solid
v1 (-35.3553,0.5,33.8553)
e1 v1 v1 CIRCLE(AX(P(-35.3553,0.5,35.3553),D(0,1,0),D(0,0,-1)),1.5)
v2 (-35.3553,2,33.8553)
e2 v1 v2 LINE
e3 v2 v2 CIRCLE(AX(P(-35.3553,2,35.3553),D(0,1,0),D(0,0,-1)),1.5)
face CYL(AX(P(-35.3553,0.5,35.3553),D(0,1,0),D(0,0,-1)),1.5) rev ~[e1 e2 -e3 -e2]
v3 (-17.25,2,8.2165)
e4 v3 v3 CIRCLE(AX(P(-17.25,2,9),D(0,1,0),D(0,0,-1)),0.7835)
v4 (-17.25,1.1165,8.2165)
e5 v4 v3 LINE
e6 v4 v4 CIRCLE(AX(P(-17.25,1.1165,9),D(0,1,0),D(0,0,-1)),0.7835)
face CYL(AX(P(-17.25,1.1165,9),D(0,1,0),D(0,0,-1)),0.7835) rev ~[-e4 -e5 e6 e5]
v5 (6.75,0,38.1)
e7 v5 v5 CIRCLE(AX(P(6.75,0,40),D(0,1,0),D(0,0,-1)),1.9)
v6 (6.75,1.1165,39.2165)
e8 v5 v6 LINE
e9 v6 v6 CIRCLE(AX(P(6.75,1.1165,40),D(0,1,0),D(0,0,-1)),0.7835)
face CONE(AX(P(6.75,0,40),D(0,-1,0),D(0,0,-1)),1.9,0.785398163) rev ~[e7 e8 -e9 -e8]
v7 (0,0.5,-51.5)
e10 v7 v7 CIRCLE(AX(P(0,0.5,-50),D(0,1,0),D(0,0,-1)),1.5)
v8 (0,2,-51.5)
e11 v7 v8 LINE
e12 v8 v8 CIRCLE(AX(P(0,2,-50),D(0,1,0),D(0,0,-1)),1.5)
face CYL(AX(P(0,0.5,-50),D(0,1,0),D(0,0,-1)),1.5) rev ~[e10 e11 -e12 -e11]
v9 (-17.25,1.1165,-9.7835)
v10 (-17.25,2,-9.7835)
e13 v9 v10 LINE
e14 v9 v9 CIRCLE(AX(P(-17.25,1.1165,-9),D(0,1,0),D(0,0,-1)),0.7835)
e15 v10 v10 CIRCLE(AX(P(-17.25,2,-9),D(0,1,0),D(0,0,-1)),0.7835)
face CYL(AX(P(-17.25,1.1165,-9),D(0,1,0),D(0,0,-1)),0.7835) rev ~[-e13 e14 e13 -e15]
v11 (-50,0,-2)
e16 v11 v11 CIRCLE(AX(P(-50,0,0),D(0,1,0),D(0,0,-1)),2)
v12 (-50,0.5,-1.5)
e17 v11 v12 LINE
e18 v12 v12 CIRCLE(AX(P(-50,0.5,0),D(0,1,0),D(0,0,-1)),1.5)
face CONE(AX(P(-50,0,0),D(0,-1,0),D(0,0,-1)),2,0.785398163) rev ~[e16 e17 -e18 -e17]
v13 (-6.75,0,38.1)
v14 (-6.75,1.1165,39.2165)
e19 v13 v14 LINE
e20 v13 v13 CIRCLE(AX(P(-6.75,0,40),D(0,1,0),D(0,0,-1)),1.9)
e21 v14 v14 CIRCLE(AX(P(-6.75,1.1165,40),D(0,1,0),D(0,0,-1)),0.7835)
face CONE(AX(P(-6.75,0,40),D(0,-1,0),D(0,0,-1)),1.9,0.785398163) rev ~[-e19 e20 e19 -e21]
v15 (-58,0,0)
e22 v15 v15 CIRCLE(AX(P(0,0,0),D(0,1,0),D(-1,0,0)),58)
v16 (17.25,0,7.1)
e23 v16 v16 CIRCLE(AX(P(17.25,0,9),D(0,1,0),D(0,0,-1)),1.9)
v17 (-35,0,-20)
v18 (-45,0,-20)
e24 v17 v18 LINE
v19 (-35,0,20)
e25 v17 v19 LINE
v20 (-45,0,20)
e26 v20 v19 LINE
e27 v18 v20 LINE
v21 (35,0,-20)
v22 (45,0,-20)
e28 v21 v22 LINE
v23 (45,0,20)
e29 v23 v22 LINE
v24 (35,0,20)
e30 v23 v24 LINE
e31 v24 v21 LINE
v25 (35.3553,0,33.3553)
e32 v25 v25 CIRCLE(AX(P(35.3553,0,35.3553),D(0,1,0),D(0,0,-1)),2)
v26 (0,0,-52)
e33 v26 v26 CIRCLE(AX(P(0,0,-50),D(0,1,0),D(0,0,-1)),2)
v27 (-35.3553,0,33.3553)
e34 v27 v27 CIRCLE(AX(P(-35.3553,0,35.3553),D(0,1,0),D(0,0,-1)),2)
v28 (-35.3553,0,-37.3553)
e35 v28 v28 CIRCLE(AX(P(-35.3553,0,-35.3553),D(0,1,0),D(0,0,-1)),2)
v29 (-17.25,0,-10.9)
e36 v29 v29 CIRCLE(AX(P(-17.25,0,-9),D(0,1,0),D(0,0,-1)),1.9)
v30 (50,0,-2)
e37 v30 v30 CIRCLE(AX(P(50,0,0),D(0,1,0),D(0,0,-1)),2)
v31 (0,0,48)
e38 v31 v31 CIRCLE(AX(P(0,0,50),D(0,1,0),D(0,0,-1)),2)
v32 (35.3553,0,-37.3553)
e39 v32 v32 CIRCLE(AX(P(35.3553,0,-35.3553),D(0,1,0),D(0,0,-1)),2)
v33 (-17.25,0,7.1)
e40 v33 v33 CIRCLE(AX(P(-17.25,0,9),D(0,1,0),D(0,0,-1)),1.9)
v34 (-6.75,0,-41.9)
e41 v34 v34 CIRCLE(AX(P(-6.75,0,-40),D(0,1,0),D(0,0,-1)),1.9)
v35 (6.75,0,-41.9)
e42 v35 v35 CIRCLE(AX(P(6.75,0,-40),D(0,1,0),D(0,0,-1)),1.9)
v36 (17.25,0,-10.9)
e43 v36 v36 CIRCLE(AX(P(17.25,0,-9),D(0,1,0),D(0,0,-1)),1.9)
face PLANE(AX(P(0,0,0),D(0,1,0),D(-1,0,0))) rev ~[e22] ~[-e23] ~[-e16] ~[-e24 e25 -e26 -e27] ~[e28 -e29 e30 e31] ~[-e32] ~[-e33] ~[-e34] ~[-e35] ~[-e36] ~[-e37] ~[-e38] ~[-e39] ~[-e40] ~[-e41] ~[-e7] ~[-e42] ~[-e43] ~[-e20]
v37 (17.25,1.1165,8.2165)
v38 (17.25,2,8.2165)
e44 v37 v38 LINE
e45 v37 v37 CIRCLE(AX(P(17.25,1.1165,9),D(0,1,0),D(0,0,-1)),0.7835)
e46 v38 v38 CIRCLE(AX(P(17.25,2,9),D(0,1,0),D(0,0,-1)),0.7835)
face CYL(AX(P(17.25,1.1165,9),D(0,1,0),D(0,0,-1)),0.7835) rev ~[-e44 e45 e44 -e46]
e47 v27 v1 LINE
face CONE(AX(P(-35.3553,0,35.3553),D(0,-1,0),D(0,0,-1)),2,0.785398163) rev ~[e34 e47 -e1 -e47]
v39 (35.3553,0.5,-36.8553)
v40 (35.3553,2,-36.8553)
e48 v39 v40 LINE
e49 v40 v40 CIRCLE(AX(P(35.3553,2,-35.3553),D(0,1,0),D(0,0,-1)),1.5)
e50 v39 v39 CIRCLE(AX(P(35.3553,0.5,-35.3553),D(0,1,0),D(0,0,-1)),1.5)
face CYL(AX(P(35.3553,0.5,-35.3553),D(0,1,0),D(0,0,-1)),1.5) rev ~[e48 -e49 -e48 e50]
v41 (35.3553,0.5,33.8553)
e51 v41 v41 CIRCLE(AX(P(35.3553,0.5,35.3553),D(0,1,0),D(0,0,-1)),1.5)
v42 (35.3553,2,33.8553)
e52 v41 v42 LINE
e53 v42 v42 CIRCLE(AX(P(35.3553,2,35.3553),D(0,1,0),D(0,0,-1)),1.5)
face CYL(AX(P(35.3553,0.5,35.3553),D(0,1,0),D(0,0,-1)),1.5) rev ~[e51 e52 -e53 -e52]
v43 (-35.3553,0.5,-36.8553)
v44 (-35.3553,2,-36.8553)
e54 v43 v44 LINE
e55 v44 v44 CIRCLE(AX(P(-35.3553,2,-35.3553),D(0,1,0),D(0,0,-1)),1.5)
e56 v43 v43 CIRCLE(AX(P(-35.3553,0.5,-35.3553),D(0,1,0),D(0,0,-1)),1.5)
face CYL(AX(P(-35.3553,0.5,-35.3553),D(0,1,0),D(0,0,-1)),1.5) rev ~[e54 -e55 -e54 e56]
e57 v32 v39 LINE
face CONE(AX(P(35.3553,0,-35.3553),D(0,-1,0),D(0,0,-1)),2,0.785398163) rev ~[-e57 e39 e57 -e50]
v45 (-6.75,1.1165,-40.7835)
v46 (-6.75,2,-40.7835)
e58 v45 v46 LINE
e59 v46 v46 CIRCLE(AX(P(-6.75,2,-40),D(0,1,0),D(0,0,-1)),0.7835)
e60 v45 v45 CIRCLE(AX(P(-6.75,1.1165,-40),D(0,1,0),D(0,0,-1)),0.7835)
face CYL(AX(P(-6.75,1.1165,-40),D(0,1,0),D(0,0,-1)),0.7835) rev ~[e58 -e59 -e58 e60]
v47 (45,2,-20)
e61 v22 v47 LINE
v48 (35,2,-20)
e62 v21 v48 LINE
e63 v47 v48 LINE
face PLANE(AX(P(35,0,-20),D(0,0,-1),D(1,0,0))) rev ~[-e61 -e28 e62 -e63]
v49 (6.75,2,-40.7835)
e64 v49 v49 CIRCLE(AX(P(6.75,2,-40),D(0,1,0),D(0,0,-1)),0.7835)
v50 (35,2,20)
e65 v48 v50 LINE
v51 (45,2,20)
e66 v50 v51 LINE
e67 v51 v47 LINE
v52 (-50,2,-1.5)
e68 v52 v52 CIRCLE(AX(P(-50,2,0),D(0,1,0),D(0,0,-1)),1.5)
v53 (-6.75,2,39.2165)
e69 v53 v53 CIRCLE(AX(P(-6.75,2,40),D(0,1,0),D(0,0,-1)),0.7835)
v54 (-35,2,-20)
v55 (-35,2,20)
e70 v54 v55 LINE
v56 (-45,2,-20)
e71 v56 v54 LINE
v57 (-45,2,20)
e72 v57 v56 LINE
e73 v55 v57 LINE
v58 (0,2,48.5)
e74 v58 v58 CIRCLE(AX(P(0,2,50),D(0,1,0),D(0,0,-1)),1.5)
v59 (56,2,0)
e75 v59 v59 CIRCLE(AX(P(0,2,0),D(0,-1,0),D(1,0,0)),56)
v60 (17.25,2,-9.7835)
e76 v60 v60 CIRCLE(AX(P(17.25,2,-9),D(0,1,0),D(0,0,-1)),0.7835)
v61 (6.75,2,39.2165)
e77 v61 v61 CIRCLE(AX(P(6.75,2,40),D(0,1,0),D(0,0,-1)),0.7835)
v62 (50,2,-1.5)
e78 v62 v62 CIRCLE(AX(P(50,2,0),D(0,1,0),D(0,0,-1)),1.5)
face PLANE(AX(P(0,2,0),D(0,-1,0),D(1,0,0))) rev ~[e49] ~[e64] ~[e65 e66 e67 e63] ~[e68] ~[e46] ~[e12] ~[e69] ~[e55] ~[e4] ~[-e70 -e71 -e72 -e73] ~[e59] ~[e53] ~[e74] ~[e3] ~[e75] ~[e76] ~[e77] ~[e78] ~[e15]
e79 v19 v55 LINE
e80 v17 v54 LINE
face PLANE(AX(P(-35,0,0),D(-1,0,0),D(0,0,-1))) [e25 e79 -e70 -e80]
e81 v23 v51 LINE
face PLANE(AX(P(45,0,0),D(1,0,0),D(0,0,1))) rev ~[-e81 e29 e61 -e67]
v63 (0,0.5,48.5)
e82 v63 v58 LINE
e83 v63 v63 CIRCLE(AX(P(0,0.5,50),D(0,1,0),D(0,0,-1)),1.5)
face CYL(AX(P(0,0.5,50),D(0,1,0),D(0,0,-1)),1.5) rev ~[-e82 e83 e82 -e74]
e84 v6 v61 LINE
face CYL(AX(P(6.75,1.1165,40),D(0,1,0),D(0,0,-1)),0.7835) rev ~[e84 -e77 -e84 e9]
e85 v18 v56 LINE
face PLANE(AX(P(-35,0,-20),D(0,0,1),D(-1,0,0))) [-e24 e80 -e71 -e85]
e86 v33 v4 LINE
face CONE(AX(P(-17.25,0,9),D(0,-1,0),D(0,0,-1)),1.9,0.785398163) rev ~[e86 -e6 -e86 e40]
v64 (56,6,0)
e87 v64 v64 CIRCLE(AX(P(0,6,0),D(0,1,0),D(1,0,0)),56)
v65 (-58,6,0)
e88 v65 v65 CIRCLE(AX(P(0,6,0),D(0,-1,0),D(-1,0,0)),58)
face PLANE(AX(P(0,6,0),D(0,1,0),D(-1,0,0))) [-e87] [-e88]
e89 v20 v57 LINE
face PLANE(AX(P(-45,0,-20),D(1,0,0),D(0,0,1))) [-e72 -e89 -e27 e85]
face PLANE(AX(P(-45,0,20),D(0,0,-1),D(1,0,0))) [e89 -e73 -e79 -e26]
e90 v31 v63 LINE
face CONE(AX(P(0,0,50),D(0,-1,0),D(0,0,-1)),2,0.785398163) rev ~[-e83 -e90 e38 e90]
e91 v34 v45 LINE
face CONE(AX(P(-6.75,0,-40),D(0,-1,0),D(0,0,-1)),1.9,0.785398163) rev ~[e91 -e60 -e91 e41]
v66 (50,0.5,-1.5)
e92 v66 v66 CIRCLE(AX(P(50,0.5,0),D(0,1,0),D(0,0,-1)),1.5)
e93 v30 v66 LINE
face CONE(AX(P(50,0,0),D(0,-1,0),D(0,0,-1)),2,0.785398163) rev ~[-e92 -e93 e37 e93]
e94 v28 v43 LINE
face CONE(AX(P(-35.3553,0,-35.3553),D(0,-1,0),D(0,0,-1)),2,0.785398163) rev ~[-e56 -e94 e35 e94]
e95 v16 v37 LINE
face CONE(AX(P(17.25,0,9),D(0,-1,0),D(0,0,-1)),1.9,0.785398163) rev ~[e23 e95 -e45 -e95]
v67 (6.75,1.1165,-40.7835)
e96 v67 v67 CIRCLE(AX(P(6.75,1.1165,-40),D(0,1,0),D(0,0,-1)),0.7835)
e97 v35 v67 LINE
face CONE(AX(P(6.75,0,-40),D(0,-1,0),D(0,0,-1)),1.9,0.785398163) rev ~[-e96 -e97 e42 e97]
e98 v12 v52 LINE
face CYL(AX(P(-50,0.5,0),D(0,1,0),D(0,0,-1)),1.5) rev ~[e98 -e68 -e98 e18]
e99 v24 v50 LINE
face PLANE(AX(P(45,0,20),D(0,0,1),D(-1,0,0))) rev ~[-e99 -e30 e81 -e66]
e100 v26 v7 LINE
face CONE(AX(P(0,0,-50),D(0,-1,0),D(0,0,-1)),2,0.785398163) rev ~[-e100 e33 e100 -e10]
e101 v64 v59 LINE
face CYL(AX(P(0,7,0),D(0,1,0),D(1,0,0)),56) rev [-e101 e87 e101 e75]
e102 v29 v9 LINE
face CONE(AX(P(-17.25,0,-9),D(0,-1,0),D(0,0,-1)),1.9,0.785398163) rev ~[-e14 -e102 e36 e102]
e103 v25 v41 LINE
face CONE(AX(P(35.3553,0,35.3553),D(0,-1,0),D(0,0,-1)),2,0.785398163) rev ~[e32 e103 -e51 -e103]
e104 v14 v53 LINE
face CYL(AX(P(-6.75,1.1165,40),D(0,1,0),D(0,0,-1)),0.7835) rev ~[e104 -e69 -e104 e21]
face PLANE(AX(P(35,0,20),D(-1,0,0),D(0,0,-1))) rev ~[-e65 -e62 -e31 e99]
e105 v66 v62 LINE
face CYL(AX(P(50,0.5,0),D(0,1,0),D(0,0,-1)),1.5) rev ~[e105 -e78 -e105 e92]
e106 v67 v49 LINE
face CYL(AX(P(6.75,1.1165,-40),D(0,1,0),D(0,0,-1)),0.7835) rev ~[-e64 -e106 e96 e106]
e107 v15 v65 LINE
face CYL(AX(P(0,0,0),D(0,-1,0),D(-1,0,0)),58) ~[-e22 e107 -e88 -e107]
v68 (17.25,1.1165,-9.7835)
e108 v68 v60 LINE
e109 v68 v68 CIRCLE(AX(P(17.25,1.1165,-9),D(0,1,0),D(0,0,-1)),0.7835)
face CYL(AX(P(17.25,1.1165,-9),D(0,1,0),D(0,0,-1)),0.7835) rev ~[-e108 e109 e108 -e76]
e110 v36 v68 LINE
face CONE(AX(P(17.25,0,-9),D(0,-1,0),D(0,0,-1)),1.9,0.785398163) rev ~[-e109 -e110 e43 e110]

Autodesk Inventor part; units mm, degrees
ref_plane "YZ Plane" through (0, 0, 0) normal (1, 0, 0) x (0, 1, 0)
sketch "Эскиз1" plane through (0, 0, 0) normal (0, 1, 0) x (-1, 0, 0)
  circle A0 centre (0, 0) radius 58
  line L0 (79.4555, 0) -> (-79.4555, 0)
  line L1 (0, -103.8803) -> (0, 88.3129)
  circle A1 centre (0, 0) radius 56
  line L2 (0, -103.8803) -> (0, 88.3129)
  line L3 (-79.4555, 0) -> (79.4555, 0)
  line L4 (11.5, -13.3) -> (23, -13.3)
  line L5 (23, -13.3) -> (23, 13.3)
  line L6 (23, 13.3) -> (11.5, 13.3)
  line L7 (11.5, 13.3) -> (11.5, -13.3)
  line L8 (35, -20) -> (45, -20)
  line L9 (45, -20) -> (45, 20)
  line L10 (45, 20) -> (35, 20)
  line L11 (35, 20) -> (35, -20)
  line L12 (17.25, -13.3) -> (17.25, 13.3)
  circle A2 centre (17.25, -9) radius 1
  circle A3 centre (17.25, 9) radius 1
  line L13 (3, 6) -> (33, 6)
  line L14 (33, 6) -> (33, -6)
  line L15 (33, -6) -> (3, -6)
  line L16 (3, -6) -> (3, 6)
  line L17 (-33, 6) -> (-33, -6)
  line L18 (-3, 6) -> (-33, 6)
  line L19 (-3, -6) -> (-3, 6)
  circle A4 centre (-17.25, 9) radius 1
  line L20 (-23, -13.3) -> (-23, 13.3)
  line L21 (-23, 13.3) -> (-11.5, 13.3)
  line L22 (-11.5, 13.3) -> (-11.5, -13.3)
  line L23 (-17.25, -13.3) -> (-17.25, 13.3)
  line L24 (-35, 20) -> (-35, -20)
  line L25 (-45, -20) -> (-45, 20)
  line L26 (-45, 20) -> (-35, 20)
  circle A5 centre (-17.25, -9) radius 1
  line L27 (-11.5, -13.3) -> (-23, -13.3)
  line L28 (-33, -6) -> (-3, -6)
  line L29 (-35, -20) -> (-45, -20)
  circle A6 centre (0, 0) radius 50
  circle A7 centre (0, -50) radius 1.5
  circle A8 centre (50, 0) radius 1.5
  circle A9 centre (0, 50) radius 1.5
  circle A10 centre (-50, 0) radius 1.5
  circle A11 centre (35.3553, -35.3553) radius 1.5
  circle A12 centre (50, 0) radius 1.5
  circle A13 centre (35.3553, 35.3553) radius 1.5
  circle A14 centre (0, 50) radius 1.5
  circle A15 centre (-35.3553, 35.3553) radius 1.5
  circle A16 centre (-50, 0) radius 1.5
  circle A17 centre (-35.3553, -35.3553) radius 1.5
  dimension "d0" = 116
  dimension "d135" = 11.5
  dimension "d136" = 26.6
  dimension "d137" = 10
  dimension "d138" = 40
  dimension "d139" = 45
  dimension "d140" = 12
  dimension "d141" = 2
  dimension "d142" = 18
  dimension "d143" = 2
  dimension "d144" = 30
  dimension "d145" = 12
  dimension "d146" = 2
  dimension "d147" = 100
  dimension "d148" = 3
  dimension "d149" = 3
  dimension "d150" = 3
  dimension "d151" = 3
  dimension "d152" = 360
  dimension "d168" = 112
extrude "Выдавливание1" add sketch "Эскиз1" along normal blind 6
sketch "Эскиз2" plane through (0, 0, 0) normal (0, -1, 0) x (1, 0, 0)
  circle A0 centre (0, 0) radius 57.5
  line L0 (0, -103.8803) -> (0, 88.3129)
  line L1 (-79.4555, 0) -> (79.4555, 0) projected
  circle A1 centre (0, 0) radius 50
  circle A2 centre (0, -50) radius 1.5
  circle A3 centre (50, 0) radius 1.5
  circle A4 centre (0, 50) radius 1.5
  circle A5 centre (-50, 0) radius 1.5
  circle A6 centre (35.3553, -35.3553) radius 1.5
  circle A7 centre (50, 0) radius 1.5
  circle A8 centre (35.3553, 35.3553) radius 1.5
  circle A9 centre (0, 50) radius 1.5
  circle A10 centre (-35.3553, 35.3553) radius 1.5
  circle A11 centre (-50, 0) radius 1.5
  circle A12 centre (-35.3553, -35.3553) radius 1.5
  circle A13 centre (0, 50) radius 2.8
  circle A14 centre (-11, 24) radius 1.5
  circle A15 centre (11, 24) radius 1.5
  circle A16 centre (11, -24) radius 1.5
  circle A17 centre (11, 24) radius 1.5
  circle A18 centre (-11, -24) radius 1.5
  circle A19 centre (-11, 24) radius 1.5
  circle A20 centre (50, 0) radius 1.5
  circle A21 centre (-50, 0) radius 1.5
  circle A22 centre (-17.25, -9) radius 1
  circle A23 centre (-35.3553, -35.3553) radius 1.5
  circle A24 centre (35.3553, 35.3553) radius 1.5
  circle A25 centre (35.3553, -35.3553) radius 1.5
  circle A26 centre (-35.3553, 35.3553) radius 1.5
  circle A27 centre (17.25, -9) radius 1
  circle A28 centre (17.25, 9) radius 1
  circle A29 centre (-17.25, 9) radius 1
  circle A30 centre (0, -50) radius 1.5
  circle A31 centre (0, 50) radius 1.5
  line L2 (0, 103.8803) -> (0, -88.3129)
  line L3 (-79.4555, 0) -> (79.4555, 0)
  circle A32 centre (6.75, 40) radius 1.15
  circle A33 centre (-6.75, 40) radius 1.15
  circle A34 centre (6.75, -40) radius 1.15
  circle A35 centre (-6.75, -40) radius 1.15
  circle A36 centre (0, 0) radius 56 projected
  dimension "d22" = 3
  dimension "d23" = 3
  dimension "d26" = 3
  dimension "d30" = 360
  dimension "d84" = 115
  dimension "d118" = 5.6
  dimension "d155" = 2.3
  dimension "d156" = 13.5
  dimension "d157" = 10
  dimension "d158" = 2.3
  dimension "d159" = 13.5
  dimension "d160" = 10
sketch "Эскиз6" plane through (0, 6, 0) normal (0, 1, 0) x (1, 0, 0)
  circle A0 centre (0, 0) radius 58 projected
  circle A1 centre (0, 0) radius 56 projected
  dimension "d85" = 116
ref_plane "РабПлоскость6" through (-79.4555, 0, 0) normal (0, 0, -1) x (1, 0, 0)
ref_plane "РабПлоскость8" through (0, 7, 0) normal (0, -1, 0) x (1, 0, 0)
sketch "Эскиз11" plane through (0, 7, 0) normal (0, -1, 0) x (1, 0, 0)
  circle A0 centre (0, 0) radius 56
  dimension "d173" = 112
hole "Отверстие1" at (35.3553, 0, 35.3553) direction (0, 1, 0) diameter 3 end through all countersink diameter 4 countersink angle 90
hole "Отверстие2" at (0, 0, 50) at (-35.3553, 0, 35.3553) at (-50, 0, 0) at (-35.3553, 0, -35.3553) at (0, 0, -50) at (35.3553, 0, -35.3553) at (50, 0, 0) direction (0, 1, 0) diameter 3 end through all countersink diameter 4 countersink angle 90
extrude "Выдавливание15" cut sketch "Эскиз1" along normal through all contours L9 L8 L11 L0 | L0 L11 L10 L9 | L25 L26 L24 L0 | L0 L24 L29 L25
hole "Отверстие3" at (6.75, 0, -40) at (-6.75, 0, -40) at (6.75, 0, 40) at (-6.75, 0, 40) at (-17.25, 0, -9) at (-17.25, 0, 9) at (17.25, 0, -9) at (17.25, 0, 9) direction (0, 1, 0) diameter 1.567 end through all countersink diameter 3.8 countersink angle 90 thread size "M2x0.4" class "6H" standard "ISO Metric profile"
extrude "Выдавливание17" cut sketch "Эскиз11" along normal blind 5
sketch "Эскиз13" plane through (0, 6, 0) normal (0, 1, 0) x (1, 0, 0)
  point P0 (0, 0)
properties part number "caseBottom" material "Пластик АБС"
